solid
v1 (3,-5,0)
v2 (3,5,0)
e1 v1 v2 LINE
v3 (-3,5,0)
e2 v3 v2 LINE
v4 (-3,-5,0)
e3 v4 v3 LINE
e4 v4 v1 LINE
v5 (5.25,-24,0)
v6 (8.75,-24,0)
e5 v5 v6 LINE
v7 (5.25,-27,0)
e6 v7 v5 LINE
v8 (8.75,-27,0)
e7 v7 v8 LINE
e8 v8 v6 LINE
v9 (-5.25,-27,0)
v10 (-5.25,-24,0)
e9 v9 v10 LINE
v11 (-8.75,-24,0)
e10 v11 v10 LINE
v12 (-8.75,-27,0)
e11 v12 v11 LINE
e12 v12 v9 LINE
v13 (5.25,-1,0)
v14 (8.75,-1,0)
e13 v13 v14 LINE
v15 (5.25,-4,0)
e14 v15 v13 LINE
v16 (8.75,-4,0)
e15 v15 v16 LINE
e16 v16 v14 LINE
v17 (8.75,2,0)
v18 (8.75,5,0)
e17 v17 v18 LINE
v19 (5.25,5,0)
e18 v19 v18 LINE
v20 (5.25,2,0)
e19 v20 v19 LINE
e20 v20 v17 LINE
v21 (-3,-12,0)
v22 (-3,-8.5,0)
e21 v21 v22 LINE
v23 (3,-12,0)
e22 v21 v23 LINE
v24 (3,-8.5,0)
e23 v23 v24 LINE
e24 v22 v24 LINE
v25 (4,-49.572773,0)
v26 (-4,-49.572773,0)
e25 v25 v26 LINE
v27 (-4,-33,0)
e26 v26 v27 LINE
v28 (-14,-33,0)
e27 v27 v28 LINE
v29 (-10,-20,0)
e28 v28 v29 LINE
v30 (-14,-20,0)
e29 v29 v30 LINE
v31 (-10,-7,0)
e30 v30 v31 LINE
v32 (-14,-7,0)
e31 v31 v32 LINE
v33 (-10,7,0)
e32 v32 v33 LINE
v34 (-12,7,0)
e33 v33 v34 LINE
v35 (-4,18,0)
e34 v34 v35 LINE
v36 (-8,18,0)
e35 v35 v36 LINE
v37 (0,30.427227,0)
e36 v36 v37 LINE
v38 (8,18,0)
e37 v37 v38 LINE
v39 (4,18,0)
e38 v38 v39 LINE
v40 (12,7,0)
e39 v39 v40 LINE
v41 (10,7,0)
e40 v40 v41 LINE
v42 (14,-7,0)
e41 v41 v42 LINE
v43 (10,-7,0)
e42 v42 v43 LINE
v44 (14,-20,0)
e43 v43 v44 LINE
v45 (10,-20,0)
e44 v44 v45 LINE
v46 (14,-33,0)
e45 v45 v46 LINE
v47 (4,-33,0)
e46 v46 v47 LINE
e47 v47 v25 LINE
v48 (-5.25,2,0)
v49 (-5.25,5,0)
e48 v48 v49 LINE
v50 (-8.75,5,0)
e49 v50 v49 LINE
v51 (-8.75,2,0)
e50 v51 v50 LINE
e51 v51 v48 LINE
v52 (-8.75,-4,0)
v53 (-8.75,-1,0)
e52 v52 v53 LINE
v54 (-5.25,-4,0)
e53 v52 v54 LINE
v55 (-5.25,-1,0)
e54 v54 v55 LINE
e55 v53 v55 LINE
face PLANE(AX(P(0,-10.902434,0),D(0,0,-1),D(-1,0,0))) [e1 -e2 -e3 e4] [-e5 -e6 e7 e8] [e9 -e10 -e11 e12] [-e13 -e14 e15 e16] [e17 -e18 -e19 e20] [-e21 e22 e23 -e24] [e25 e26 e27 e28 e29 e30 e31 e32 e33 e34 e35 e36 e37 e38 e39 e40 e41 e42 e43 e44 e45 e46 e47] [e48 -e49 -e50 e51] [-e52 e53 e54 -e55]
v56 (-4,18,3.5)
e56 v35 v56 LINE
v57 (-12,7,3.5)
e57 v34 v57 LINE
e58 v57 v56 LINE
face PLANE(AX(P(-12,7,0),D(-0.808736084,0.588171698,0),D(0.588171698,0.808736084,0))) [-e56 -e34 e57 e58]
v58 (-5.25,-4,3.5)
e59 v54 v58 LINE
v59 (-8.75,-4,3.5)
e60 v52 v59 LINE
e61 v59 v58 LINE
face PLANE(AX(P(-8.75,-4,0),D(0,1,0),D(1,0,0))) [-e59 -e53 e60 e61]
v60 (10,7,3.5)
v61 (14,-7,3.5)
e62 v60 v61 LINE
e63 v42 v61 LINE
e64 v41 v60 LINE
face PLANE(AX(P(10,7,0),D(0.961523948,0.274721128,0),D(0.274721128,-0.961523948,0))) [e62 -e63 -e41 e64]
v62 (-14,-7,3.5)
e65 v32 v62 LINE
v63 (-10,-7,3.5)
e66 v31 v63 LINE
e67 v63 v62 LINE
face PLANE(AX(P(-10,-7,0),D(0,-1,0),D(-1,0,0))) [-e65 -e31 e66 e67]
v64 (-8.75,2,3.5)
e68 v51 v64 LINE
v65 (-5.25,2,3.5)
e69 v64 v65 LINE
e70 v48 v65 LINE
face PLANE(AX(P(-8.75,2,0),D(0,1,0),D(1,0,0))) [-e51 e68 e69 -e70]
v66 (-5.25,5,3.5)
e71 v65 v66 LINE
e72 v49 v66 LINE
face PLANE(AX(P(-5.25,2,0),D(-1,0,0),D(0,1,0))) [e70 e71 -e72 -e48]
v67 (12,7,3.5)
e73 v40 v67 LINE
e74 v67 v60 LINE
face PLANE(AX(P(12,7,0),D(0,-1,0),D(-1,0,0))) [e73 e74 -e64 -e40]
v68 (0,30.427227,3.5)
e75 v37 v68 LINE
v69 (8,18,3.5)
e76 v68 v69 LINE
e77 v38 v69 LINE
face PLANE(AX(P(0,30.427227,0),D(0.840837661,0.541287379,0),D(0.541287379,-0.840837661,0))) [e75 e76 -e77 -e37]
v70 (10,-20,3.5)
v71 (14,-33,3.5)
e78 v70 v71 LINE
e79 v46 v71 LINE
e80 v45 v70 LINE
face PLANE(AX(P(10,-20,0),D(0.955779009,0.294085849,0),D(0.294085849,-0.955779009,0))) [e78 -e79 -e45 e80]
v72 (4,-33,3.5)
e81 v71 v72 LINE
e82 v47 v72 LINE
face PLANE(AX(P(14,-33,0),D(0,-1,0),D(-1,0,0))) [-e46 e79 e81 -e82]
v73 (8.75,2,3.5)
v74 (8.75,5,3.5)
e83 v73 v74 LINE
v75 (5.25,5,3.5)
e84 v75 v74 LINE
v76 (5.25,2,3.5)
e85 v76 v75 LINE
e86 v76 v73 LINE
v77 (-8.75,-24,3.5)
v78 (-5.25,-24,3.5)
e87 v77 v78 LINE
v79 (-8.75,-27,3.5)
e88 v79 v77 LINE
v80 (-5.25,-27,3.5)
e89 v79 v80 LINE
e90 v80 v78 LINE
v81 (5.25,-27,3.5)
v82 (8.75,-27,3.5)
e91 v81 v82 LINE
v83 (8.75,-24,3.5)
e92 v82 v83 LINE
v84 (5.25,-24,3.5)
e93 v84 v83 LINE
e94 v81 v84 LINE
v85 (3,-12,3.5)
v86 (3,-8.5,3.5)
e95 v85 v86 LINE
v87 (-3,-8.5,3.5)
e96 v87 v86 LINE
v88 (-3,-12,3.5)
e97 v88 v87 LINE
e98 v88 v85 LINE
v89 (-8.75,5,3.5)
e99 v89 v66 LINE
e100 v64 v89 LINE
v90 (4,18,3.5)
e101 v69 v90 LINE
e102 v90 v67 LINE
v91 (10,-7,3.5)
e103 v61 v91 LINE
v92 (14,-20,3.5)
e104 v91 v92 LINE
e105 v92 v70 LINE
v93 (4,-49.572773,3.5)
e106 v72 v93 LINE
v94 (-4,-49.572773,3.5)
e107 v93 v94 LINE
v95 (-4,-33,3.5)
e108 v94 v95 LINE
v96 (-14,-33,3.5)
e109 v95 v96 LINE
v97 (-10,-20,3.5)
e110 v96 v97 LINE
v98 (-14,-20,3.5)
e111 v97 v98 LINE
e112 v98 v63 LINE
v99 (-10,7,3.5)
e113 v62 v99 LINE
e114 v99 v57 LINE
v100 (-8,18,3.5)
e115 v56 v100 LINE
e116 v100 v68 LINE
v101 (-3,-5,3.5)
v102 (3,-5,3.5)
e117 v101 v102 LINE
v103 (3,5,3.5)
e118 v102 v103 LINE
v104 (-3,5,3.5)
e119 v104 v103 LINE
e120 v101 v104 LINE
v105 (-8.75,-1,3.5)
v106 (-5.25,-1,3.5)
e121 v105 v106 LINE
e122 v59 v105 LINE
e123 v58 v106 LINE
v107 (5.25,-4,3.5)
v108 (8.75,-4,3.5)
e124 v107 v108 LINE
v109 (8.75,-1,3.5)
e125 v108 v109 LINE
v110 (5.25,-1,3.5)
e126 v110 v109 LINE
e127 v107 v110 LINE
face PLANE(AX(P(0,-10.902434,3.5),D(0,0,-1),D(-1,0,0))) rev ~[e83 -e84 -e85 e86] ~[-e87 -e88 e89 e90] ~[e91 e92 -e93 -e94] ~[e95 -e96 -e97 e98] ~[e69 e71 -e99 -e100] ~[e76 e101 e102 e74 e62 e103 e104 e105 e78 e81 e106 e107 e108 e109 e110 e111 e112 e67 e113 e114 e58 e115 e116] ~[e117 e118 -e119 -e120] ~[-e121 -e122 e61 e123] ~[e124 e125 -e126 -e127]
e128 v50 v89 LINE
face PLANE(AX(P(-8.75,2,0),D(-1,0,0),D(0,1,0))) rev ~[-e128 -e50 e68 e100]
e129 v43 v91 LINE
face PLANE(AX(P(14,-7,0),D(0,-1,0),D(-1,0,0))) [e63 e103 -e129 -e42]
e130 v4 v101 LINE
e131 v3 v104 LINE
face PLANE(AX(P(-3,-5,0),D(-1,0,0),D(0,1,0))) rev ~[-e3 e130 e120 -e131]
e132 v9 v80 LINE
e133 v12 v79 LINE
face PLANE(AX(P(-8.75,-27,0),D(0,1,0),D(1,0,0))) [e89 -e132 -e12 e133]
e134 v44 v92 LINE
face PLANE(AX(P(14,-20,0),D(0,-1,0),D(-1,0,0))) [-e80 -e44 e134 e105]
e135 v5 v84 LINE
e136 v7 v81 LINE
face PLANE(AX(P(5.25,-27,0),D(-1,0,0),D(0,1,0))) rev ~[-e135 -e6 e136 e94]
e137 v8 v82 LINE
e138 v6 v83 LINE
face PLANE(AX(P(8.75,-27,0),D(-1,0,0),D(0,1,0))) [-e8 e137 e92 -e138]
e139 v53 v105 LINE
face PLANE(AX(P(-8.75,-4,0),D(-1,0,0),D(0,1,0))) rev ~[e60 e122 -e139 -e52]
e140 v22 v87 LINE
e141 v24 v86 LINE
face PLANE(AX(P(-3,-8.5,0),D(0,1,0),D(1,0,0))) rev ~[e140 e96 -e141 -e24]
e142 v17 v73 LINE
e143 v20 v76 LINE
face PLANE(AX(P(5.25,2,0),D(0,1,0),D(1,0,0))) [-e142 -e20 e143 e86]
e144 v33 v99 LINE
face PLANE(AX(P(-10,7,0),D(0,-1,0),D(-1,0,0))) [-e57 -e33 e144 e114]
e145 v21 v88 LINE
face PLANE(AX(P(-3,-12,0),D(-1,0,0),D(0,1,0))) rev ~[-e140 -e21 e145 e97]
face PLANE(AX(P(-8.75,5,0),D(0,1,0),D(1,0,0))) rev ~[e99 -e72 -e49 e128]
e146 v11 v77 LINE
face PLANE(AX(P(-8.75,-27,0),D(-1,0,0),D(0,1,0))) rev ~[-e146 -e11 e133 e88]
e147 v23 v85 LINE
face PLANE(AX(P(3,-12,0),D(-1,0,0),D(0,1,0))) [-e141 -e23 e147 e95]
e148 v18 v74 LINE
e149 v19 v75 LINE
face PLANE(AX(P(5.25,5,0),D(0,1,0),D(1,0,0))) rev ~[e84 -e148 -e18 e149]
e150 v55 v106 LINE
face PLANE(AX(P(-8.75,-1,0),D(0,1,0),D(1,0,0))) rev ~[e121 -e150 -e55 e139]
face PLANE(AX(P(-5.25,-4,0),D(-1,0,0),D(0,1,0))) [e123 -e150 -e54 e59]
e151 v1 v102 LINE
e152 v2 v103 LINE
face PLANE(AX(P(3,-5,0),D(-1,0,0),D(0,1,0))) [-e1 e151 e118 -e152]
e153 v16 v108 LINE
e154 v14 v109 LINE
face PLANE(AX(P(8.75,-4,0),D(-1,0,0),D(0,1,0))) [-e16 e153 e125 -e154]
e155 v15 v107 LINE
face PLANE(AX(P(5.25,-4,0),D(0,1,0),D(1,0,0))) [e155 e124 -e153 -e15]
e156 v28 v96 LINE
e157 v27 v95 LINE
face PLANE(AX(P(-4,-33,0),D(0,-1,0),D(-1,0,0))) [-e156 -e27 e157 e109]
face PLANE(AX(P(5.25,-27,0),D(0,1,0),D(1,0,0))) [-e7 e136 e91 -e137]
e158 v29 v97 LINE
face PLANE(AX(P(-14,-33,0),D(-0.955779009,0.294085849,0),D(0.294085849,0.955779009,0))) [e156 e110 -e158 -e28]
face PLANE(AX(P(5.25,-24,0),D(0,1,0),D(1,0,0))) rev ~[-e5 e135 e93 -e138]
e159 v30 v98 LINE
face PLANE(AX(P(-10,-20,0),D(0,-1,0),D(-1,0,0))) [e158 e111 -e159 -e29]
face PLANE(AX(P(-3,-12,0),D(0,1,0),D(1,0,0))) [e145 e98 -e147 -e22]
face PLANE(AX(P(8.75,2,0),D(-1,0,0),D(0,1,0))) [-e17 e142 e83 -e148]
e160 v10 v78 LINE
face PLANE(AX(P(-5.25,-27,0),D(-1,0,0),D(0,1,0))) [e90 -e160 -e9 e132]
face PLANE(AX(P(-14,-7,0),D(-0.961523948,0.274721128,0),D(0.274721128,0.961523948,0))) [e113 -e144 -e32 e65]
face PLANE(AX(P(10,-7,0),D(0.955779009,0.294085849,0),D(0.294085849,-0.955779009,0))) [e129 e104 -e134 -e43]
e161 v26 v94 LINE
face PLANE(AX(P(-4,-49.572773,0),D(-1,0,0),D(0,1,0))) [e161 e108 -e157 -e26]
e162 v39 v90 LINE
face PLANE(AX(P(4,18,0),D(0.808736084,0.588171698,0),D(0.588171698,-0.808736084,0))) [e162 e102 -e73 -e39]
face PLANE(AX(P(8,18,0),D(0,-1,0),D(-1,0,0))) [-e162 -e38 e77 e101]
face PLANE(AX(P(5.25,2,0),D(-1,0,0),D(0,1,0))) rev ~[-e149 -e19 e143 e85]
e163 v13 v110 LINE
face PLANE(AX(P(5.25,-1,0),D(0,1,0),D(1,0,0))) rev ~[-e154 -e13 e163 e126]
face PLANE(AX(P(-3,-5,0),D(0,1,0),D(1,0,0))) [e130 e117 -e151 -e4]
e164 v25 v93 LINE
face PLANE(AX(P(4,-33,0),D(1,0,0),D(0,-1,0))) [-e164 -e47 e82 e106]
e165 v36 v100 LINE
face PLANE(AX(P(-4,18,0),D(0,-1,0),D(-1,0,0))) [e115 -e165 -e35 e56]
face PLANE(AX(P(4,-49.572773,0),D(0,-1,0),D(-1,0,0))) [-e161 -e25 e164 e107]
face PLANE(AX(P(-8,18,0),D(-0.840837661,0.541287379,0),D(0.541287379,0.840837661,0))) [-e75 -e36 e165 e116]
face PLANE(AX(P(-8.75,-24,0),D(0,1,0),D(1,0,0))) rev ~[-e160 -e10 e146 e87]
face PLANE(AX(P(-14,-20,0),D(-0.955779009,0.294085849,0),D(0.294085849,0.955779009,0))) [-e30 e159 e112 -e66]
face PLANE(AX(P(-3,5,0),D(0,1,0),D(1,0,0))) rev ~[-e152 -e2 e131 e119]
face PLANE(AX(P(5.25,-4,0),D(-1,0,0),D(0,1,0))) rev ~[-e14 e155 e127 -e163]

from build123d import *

# Parameters (mm, degrees)
PROFILE_LASER_PROFILE_3P5_W   = 3.5
PROFILE_LASER_PROFILE_3P5_H   = 3
PROFILE_LASER_PROFILE_3P5_W_2 = 6
PROFILE_LASER_PROFILE_3P5_H_2 = 3.5
PROFILE_LASER_PROFILE_3P5_H_3 = 10
LASER_PROFILE_3P5_DEPTH       = 3.5


with BuildPart() as part:
    # Profile_Laser_profile_3p5 → Laser_profile_3p5 (new body)
    with BuildSketch(Plane.XY):
        Polygon((0, 30.427227289), (8, 18), (4, 18), (12, 7), (10, 7), (14, -7), (10, -7), (14, -20), (10, -20), (14, -33), (4, -33), (4, -49.572772711), (-4, -49.572772711), (-4, -33), (-14, -33), (-10, -20), (-14, -20), (-10, -7), (-14, -7), (-10, 7), (-12, 7), (-4, 18), (-8, 18), align=None)
        with Locations((-7, 3.5)):
            Rectangle(PROFILE_LASER_PROFILE_3P5_W, PROFILE_LASER_PROFILE_3P5_H, mode=Mode.SUBTRACT)
        with Locations((-7, -2.5)):
            Rectangle(PROFILE_LASER_PROFILE_3P5_W, PROFILE_LASER_PROFILE_3P5_H, mode=Mode.SUBTRACT)
        with Locations((-7, -25.5)):
            Rectangle(PROFILE_LASER_PROFILE_3P5_W, PROFILE_LASER_PROFILE_3P5_H, mode=Mode.SUBTRACT)
        with Locations((7, 3.5)):
            Rectangle(PROFILE_LASER_PROFILE_3P5_W, PROFILE_LASER_PROFILE_3P5_H, mode=Mode.SUBTRACT)
        with Locations((7, -2.5)):
            Rectangle(PROFILE_LASER_PROFILE_3P5_W, PROFILE_LASER_PROFILE_3P5_H, mode=Mode.SUBTRACT)
        with Locations((7, -25.5)):
            Rectangle(PROFILE_LASER_PROFILE_3P5_W, PROFILE_LASER_PROFILE_3P5_H, mode=Mode.SUBTRACT)
        with Locations((0, -10.25)):
            Rectangle(PROFILE_LASER_PROFILE_3P5_W_2, PROFILE_LASER_PROFILE_3P5_H_2, mode=Mode.SUBTRACT)
        Rectangle(PROFILE_LASER_PROFILE_3P5_W_2, PROFILE_LASER_PROFILE_3P5_H_3, mode=Mode.SUBTRACT)
    extrude(amount=LASER_PROFILE_3P5_DEPTH)


solid = part.part
